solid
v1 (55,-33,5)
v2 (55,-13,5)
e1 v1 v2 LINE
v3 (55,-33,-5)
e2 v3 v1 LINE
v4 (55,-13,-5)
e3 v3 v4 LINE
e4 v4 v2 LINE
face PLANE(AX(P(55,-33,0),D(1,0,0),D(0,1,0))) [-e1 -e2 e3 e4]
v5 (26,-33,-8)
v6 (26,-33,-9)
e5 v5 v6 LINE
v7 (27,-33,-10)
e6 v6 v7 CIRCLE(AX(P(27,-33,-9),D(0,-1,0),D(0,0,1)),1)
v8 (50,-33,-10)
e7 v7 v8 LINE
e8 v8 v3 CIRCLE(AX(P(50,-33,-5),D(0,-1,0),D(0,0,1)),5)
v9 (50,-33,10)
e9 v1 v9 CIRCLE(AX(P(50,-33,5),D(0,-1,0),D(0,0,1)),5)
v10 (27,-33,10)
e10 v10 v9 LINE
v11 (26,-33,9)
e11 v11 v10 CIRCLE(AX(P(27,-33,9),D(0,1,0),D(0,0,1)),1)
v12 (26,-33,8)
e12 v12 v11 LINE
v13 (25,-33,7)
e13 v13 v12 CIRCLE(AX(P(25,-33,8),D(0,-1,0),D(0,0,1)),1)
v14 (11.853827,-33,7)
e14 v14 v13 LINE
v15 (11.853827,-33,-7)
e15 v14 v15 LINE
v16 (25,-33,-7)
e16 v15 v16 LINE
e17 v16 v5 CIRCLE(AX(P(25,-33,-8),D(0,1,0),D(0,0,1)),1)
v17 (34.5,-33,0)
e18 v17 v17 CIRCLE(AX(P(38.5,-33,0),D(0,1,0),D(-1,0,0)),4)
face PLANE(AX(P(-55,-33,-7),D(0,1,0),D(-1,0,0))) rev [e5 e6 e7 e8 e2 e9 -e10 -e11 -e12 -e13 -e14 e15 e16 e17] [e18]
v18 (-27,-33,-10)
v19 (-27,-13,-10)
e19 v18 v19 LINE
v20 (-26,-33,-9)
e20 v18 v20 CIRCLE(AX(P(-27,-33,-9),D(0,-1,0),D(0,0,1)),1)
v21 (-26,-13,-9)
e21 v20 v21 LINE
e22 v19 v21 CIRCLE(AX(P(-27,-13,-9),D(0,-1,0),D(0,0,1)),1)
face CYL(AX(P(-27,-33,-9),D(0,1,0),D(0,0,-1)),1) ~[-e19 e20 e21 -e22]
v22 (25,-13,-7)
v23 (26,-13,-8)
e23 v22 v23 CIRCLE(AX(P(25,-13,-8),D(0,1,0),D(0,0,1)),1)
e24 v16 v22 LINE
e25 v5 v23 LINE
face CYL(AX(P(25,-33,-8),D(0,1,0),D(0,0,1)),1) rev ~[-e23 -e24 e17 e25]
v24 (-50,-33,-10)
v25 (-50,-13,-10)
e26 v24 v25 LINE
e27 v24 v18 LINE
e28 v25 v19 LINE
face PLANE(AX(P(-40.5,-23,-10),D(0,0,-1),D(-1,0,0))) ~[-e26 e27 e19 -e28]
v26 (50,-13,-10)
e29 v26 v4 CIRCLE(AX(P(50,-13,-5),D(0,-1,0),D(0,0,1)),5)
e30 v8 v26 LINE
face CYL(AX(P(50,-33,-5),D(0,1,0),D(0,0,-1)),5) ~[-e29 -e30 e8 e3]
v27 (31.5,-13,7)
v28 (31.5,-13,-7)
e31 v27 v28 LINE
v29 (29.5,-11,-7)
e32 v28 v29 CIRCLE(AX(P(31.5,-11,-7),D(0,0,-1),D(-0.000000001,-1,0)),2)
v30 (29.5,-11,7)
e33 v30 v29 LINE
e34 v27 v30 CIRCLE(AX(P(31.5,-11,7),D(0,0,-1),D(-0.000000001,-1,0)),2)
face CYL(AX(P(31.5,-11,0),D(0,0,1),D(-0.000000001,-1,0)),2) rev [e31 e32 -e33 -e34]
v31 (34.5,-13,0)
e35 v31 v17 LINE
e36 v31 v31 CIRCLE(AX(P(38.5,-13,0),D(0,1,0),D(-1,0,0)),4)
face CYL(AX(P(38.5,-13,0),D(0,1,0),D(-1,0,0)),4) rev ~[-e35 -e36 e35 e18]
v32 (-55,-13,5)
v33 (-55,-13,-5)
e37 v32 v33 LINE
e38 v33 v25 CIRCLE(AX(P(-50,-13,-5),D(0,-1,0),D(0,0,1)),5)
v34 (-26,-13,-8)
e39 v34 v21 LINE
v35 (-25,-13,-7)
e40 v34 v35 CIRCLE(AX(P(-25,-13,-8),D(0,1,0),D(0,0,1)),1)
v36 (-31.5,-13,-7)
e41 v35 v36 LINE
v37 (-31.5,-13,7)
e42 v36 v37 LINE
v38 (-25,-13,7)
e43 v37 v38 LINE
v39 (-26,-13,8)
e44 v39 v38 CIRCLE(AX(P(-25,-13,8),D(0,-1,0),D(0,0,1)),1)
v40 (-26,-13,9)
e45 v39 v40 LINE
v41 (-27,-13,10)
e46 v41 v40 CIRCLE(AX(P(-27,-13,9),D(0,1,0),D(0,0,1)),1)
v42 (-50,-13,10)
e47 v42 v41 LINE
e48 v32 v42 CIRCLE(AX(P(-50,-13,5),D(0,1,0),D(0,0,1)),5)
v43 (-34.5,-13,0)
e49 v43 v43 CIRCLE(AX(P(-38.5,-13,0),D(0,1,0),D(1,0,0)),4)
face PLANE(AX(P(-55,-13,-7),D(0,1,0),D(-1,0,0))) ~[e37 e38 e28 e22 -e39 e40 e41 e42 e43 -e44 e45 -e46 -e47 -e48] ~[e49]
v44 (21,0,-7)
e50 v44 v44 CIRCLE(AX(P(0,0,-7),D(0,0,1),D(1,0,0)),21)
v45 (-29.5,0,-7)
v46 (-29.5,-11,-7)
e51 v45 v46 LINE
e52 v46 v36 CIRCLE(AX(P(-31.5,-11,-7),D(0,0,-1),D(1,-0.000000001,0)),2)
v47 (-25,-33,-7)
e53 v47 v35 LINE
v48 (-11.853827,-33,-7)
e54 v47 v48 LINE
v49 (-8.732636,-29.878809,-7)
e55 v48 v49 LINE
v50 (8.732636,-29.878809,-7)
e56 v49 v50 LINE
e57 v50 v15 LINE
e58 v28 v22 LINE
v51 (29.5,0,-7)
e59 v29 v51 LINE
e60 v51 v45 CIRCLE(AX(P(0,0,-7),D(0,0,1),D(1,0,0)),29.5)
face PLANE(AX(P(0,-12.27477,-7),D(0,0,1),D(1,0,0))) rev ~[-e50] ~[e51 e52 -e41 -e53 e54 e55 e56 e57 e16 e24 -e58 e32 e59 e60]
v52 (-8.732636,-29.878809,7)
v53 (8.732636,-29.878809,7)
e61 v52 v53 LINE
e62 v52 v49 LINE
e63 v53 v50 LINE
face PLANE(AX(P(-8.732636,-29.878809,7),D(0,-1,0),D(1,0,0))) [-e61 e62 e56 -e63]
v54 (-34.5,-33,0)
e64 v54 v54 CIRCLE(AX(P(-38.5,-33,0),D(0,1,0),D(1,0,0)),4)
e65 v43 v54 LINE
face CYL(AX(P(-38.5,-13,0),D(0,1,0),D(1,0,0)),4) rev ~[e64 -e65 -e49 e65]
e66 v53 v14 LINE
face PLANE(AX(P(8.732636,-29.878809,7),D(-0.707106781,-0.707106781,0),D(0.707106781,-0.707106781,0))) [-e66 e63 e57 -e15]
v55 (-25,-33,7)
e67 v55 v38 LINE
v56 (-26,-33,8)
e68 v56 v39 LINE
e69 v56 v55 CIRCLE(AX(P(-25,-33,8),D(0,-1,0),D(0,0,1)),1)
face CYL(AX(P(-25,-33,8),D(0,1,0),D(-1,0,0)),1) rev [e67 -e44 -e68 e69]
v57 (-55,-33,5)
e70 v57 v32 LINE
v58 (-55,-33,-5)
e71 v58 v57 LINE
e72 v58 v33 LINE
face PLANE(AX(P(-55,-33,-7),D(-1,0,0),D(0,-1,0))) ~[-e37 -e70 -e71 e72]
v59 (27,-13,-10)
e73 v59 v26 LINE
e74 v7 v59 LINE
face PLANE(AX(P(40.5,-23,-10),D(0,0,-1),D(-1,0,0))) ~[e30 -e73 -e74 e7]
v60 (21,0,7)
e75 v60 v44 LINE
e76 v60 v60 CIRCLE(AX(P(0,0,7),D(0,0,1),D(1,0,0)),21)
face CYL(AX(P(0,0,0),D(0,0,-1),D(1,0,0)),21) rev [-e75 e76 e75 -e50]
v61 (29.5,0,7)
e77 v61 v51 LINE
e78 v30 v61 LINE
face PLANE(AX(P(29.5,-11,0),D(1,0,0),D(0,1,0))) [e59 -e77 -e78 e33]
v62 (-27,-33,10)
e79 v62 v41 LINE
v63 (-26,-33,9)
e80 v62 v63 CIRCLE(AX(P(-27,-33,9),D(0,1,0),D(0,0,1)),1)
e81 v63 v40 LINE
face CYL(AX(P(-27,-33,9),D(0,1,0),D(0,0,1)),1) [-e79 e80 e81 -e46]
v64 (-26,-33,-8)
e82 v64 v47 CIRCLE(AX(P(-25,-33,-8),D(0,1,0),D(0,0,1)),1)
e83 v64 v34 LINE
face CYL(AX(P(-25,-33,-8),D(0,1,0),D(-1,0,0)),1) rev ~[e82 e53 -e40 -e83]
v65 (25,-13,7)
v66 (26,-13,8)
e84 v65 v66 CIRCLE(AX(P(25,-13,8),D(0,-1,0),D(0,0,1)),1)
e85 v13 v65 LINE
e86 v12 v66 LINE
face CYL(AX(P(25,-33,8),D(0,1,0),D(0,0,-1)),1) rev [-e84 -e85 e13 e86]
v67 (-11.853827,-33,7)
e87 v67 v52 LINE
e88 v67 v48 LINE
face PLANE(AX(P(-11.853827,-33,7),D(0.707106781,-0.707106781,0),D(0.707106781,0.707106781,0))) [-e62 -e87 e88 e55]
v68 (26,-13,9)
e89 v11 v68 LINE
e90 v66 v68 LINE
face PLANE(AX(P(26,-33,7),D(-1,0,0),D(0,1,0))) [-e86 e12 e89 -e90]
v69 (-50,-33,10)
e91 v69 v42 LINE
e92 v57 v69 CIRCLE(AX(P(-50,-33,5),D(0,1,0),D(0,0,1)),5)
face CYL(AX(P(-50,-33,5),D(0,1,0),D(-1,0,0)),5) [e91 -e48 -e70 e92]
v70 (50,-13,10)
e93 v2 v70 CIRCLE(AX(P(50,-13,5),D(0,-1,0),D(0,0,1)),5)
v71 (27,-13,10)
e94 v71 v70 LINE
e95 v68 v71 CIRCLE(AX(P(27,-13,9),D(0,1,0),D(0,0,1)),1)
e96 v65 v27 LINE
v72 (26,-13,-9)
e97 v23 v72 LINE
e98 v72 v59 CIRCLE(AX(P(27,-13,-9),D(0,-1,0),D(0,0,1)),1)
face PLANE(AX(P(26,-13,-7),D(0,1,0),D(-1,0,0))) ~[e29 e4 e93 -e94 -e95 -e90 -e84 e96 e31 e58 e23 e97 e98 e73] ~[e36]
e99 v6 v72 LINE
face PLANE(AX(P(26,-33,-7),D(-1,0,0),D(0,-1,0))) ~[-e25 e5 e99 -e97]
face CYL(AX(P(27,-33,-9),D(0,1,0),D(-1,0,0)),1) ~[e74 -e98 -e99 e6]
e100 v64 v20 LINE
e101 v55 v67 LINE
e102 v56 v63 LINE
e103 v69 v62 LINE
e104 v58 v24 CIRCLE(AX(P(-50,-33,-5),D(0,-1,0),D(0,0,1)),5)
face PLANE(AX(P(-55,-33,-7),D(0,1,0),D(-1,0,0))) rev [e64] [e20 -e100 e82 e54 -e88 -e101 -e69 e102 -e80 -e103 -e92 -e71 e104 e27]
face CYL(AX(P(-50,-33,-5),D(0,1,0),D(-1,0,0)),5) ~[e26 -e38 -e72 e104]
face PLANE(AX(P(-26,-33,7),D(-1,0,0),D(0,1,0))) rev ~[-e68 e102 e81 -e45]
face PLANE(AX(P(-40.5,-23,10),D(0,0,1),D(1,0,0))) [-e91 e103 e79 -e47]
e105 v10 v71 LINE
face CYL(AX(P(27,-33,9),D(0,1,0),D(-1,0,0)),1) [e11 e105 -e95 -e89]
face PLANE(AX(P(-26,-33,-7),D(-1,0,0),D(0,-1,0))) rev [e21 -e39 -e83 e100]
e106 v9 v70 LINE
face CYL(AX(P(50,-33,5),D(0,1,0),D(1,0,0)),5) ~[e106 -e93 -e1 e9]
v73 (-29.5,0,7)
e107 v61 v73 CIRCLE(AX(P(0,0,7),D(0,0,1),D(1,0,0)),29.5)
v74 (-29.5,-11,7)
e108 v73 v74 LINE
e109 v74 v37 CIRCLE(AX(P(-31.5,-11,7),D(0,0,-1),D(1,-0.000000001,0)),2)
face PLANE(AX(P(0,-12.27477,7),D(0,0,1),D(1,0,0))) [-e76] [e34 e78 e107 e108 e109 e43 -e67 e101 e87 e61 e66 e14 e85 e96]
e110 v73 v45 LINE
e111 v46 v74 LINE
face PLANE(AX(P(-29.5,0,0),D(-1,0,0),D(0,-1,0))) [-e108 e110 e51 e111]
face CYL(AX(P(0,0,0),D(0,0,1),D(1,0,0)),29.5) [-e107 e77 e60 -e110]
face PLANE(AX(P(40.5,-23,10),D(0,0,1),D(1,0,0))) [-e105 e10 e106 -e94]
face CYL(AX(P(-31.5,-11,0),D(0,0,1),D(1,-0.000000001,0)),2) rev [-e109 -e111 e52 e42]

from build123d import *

# Parameters (mm, degrees)
SKETCH1_R           = 21
BOSS_EXTRUDE1_DEPTH = 7
SKETCH2_W           = 29
SKETCH2_H           = 20
BOSS_EXTRUDE2_DEPTH = 3
CUT_EXTRUDE1_DEPTH  = 67.355105305
FILLET1_R           = 5
FILLET2_R           = 1
SKETCH4_R           = 4
CUT_EXTRUDE2_DEPTH  = 71.222859526


with BuildPart() as part:
    # Sketch1 → Boss-Extrude1 (new, symmetric)
    with BuildSketch(Plane.XY):
        with BuildLine():
            Line((-29.5, 0), (-29.5, -11))
            ThreePointArc((-29.5, -11), (-30.085786438, -12.414213562), (-31.5, -13))
            Line((-31.5, -13), (-55, -13))
            Line((-55, -13), (-55, -33))
            Line((-55, -33), (55, -33))
            Line((55, -33), (55, -13))
            Line((55, -13), (31.5, -13))
            ThreePointArc((31.5, -13), (30.085786438, -12.414213562), (29.5, -11))
            Line((29.5, -11), (29.5, 0))
            ThreePointArc((29.5, 0), (0, 29.5), (-29.5, 0))
        make_face()
        Circle(SKETCH1_R, mode=Mode.SUBTRACT)
    extrude(amount=BOSS_EXTRUDE1_DEPTH, both=True)

    # Sketch2 → Boss-Extrude2 (add)
    with BuildSketch(Plane.XY.offset(7)):
        with Locations((-40.5, -23)):
            Rectangle(SKETCH2_W, SKETCH2_H)
        with Locations((40.5, -23)):
            Rectangle(SKETCH2_W, SKETCH2_H)
    boss_extrude2 = extrude(amount=BOSS_EXTRUDE2_DEPTH)

    # Mirror1: Boss-Extrude2 across plane
    add(boss_extrude2.mirror(Plane.XY))

    # Sketch3 → Cut-Extrude1 (cut, through all)
    with BuildSketch(Plane.XY.offset(7)):
        Polygon((-11.85382749, -33), (-8.732636014, -29.878808524), (8.732636014, -29.878808524), (11.85382749, -33), align=None)
    extrude(amount=-CUT_EXTRUDE1_DEPTH, mode=Mode.SUBTRACT)

    # Fillet1
    fillet1_edges = [part.edges().sort_by_distance(p)[0] for p in [
        (-55, -23, 10),
        (55, -23, 10),
        (-55, -23, -10),
        (55, -23, -10),
    ]]
    fillet(fillet1_edges, radius=FILLET1_R)

    # Fillet2
    fillet2_edges = [part.edges().sort_by_distance(p)[0] for p in [
        (-26, -23, 7),
        (-26, -23, 10),
        (26, -23, 7),
        (26, -23, 10),
        (-26, -23, -10),
        (-26, -23, -7),
        (26, -23, -10),
        (26, -23, -7),
    ]]
    fillet(fillet2_edges, radius=FILLET2_R)

    # Sketch4 → Cut-Extrude2 (cut, through all)
    with BuildSketch(Plane(origin=(0, -13, 0), x_dir=(1, 0, 0), z_dir=(0, 1, 0))):
        with Locations(Location((38.5, 0, 0), (0, 0, 180))):
            Circle(SKETCH4_R)
        with Locations((-38.5, 0)):
            Circle(SKETCH4_R)
    extrude(amount=-CUT_EXTRUDE2_DEPTH, mode=Mode.SUBTRACT)


solid = part.part
